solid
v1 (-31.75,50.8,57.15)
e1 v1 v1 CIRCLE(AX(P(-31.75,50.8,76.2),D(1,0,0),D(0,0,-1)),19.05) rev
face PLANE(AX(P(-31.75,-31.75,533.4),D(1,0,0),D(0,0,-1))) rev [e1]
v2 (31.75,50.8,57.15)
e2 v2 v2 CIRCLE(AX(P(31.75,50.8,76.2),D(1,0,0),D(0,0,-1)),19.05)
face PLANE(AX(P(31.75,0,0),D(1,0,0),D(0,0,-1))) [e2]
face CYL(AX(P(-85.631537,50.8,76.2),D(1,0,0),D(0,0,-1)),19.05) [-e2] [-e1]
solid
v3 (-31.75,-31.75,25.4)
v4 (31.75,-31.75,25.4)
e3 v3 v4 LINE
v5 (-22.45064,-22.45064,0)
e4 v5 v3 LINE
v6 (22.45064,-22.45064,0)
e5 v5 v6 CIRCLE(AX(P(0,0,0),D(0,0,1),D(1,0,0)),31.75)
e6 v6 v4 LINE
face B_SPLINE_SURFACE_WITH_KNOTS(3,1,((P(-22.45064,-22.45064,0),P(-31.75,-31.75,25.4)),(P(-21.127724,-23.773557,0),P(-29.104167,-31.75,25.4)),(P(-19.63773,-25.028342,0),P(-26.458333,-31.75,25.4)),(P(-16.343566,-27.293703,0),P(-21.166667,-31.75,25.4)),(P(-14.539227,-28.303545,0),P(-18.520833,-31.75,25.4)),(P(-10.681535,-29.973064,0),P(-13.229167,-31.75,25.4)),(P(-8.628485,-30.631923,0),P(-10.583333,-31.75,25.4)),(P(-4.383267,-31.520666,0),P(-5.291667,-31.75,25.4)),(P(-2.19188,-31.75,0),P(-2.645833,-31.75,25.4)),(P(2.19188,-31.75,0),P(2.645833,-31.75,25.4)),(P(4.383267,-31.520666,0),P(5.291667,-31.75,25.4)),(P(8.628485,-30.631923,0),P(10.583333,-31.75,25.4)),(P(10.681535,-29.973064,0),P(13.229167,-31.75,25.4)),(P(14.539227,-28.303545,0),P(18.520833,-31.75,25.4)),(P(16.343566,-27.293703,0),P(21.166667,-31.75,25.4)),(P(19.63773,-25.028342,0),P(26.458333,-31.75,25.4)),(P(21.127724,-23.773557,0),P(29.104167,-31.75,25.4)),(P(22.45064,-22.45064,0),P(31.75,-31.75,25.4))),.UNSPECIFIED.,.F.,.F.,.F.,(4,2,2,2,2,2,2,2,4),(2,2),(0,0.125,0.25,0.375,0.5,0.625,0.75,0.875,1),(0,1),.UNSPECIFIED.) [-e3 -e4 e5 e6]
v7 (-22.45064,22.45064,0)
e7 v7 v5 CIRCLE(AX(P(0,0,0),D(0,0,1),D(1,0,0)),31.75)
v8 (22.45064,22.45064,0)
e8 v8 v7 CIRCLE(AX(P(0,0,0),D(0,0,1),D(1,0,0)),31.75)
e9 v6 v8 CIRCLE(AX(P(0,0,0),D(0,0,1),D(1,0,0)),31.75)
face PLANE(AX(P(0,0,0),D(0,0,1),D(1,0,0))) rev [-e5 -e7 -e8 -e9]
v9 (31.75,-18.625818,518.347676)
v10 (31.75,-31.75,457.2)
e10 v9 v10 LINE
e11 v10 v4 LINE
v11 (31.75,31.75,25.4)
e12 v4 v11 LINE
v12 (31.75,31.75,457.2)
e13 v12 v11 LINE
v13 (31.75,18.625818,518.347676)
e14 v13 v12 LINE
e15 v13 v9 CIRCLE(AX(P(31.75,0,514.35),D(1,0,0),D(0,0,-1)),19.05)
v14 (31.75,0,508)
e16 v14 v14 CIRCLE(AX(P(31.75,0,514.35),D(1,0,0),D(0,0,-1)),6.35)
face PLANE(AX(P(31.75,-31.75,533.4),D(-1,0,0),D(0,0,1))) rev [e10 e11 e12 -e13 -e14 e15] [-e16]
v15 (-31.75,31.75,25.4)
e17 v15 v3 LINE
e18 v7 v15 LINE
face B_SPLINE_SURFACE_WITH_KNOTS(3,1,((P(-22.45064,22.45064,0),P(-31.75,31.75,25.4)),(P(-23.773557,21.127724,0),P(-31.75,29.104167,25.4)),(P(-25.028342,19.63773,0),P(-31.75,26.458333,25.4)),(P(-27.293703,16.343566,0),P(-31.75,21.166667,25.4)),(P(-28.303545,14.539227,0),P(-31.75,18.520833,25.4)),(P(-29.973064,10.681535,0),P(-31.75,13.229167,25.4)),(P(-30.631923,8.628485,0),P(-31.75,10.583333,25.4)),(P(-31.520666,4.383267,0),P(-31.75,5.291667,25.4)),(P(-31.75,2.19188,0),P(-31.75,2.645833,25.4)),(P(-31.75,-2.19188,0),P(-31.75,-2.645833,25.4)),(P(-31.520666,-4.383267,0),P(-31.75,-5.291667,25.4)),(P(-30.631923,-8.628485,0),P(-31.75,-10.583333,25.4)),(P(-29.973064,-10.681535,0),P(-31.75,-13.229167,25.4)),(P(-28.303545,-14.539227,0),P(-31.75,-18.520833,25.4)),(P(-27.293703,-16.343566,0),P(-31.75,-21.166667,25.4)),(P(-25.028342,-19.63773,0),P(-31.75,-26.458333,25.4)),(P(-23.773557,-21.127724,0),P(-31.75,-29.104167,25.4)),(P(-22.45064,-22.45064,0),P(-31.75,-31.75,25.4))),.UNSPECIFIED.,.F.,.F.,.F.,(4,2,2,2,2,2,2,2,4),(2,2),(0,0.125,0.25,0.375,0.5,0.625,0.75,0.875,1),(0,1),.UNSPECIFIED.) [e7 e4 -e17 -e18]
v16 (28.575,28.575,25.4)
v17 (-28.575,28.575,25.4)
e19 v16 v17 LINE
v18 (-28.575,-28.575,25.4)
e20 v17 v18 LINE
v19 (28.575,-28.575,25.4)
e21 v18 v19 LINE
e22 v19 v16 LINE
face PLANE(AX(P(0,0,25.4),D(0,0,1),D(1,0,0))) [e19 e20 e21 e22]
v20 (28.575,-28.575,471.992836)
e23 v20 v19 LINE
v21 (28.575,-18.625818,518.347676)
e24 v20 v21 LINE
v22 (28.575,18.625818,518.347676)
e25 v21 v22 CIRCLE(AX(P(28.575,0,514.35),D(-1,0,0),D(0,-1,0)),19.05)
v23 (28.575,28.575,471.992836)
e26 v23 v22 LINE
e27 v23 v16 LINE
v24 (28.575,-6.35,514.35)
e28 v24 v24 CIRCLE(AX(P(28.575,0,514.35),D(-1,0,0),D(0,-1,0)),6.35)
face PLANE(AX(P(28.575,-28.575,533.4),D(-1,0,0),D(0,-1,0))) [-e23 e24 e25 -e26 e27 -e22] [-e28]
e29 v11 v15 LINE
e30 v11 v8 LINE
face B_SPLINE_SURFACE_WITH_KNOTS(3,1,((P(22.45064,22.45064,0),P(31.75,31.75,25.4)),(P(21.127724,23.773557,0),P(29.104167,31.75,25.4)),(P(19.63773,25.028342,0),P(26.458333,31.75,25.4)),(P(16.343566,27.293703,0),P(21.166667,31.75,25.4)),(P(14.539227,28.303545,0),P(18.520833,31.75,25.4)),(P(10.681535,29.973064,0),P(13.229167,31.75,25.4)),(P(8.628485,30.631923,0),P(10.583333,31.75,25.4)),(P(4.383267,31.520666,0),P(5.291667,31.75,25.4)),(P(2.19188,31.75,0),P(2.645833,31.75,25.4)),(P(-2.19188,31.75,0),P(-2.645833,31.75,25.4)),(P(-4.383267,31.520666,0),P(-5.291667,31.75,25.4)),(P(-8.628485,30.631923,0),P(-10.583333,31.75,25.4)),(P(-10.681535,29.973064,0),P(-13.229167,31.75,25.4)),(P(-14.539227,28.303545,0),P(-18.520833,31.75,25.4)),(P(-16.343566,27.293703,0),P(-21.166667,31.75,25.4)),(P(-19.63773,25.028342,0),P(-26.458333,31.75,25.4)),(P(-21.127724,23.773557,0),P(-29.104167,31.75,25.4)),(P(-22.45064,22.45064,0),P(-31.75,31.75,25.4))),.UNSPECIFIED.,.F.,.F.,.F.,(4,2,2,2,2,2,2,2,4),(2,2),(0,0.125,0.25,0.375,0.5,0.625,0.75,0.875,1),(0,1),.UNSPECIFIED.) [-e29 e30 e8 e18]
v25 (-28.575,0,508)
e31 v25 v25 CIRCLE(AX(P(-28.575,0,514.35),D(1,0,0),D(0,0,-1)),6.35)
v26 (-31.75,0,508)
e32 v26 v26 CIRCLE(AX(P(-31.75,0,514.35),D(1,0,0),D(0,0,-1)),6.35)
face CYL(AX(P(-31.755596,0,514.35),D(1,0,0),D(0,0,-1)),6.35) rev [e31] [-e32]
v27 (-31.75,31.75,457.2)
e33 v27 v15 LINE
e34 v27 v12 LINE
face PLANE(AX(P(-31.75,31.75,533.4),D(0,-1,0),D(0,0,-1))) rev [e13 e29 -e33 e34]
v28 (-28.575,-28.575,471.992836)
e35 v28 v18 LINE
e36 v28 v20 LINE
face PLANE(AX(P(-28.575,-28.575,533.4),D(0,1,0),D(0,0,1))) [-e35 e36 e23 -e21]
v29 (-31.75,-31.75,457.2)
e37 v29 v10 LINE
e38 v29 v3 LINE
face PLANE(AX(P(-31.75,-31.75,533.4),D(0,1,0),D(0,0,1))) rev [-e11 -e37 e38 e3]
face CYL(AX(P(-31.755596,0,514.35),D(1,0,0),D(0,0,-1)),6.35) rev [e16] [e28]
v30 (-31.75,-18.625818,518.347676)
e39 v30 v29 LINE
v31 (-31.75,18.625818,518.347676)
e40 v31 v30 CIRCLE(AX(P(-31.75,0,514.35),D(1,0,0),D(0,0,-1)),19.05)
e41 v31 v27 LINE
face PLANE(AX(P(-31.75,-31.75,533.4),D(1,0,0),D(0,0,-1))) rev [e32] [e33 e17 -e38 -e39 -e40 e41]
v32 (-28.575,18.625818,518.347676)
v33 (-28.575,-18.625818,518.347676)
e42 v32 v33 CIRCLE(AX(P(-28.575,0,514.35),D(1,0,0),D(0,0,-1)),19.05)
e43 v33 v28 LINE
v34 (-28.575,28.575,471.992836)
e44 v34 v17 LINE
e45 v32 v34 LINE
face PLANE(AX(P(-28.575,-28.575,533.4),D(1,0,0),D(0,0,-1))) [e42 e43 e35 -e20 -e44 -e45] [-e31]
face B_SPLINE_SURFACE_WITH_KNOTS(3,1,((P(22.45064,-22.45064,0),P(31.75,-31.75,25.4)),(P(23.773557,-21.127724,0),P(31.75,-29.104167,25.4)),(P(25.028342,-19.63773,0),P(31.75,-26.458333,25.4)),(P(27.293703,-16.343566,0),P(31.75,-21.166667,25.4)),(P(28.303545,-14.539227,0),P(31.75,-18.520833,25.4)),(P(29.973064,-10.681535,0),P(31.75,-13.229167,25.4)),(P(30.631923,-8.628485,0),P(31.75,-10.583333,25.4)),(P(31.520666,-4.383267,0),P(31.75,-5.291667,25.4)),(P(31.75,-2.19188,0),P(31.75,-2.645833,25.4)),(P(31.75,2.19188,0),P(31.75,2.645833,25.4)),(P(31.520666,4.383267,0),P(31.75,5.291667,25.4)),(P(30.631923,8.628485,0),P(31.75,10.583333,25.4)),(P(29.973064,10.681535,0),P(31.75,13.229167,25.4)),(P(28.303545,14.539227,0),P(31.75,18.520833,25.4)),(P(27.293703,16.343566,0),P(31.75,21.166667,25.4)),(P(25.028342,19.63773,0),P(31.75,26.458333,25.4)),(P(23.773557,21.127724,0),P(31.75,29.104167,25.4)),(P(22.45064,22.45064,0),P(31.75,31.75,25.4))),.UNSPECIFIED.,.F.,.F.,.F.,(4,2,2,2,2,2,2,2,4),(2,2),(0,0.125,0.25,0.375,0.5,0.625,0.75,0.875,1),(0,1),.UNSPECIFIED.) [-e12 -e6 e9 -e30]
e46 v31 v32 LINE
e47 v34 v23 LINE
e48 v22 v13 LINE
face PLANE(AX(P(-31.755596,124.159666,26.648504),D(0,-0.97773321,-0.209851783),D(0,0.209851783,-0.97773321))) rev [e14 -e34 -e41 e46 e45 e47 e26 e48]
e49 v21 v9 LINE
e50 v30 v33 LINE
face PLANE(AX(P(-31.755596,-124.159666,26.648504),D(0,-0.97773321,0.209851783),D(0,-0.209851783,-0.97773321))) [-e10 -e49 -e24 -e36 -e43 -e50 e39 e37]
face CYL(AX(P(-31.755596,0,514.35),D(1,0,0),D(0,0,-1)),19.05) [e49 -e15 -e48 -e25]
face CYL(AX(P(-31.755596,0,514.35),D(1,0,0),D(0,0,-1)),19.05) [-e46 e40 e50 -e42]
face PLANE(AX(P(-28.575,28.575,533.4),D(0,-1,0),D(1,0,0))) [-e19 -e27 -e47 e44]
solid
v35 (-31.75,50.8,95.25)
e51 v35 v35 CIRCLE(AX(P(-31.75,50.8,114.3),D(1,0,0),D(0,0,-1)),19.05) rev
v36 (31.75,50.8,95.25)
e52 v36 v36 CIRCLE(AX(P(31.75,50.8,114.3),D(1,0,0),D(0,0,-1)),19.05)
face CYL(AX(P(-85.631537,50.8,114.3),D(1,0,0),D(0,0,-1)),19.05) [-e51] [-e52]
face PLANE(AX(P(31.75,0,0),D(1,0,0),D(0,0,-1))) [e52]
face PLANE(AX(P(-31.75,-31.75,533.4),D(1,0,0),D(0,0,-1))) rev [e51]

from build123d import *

# Parameters (mm, degrees)
BOSS_EXTRUDE1_START   = 25.4
SKETCH1_W             = 63.5
SKETCH1_H             = 63.5
SKETCH1_W_2           = 57.15
SKETCH1_H_2           = 57.15
BOSS_EXTRUDE1_DEPTH   = 508
SKETCH3_W             = 63.5
SKETCH3_H             = 63.5
SKETCH4_R             = 6.35
CUT_EXTRUDE1_DEPTH    = 539.103960698
SKETCH5_R             = 19.05
BOSS_EXTRUDE2_DEPTH   = 63.5
BOSS_EXTRUDE2_2_DEPTH = 63.5


with BuildPart() as part:
    # Sketch1 → Boss-Extrude1 (new body)
    with BuildSketch(Plane.XY.offset(BOSS_EXTRUDE1_START)):
        Rectangle(SKETCH1_W, SKETCH1_H)
        Rectangle(SKETCH1_W_2, SKETCH1_H_2, mode=Mode.SUBTRACT)
    extrude(amount=BOSS_EXTRUDE1_DEPTH)

    # Sketch2 for Loft1 → Loft1 section 0
    with BuildSketch(Plane.XY):
        with BuildLine():
            # circular arc as an exact rational Bezier (weights 1, cos(half-angle), 1)
            Bezier((-22.450640303, 22.450640303), (-44.901280604, 0), (-22.450640303, -22.450640303), weights=[1, 0.707106781, 1])
            Bezier((-22.450640303, -22.450640303), (0, -44.901280604), (22.450640303, -22.450640303), weights=[1, 0.707106781, 1])
            Bezier((22.450640303, -22.450640303), (44.901280604, 0), (22.450640303, 22.450640303), weights=[1, 0.707106781, 1])
            Bezier((22.450640303, 22.450640303), (0, 44.901280604), (-22.450640303, 22.450640303), weights=[1, 0.707106781, 1])
        make_face()
    # Sketch3 → Loft1 section 1
    with BuildSketch(Plane(origin=(0, 0, 25.4), x_dir=(-1, 0, 0), z_dir=(0, 0, -1))):
        Rectangle(SKETCH3_W, SKETCH3_H)
    loft()

    # Sketch4 → Cut-Extrude1 (cut, through all)
    with BuildSketch(Plane(origin=(31.75, 0, 0), x_dir=(0, 0, -1), z_dir=(1, 0, 0))):
        with BuildLine():
            ThreePointArc((-518.347676468, -18.625817643), (-529.166515054, -11.973862436), (-533.4, 0))
            Line((-533.4, 0), (-533.4, -31.75))
            Line((-533.4, -31.75), (-457.2, -31.75))
            Line((-457.2, -31.75), (-518.347676468, -18.625817643))
        make_face()
        with BuildLine():
            ThreePointArc((-533.4, 0), (-529.166515054, 11.973862436), (-518.347676468, 18.625817643))
            Line((-518.347676468, 18.625817643), (-457.2, 31.75))
            Line((-457.2, 31.75), (-533.4, 31.75))
            Line((-533.4, 31.75), (-533.4, 0))
        make_face()
        with Locations((-514.35, 0)):
            Circle(SKETCH4_R)
    extrude(amount=-CUT_EXTRUDE1_DEPTH, mode=Mode.SUBTRACT)


with BuildPart() as body_2:
    # Sketch5 → Boss-Extrude2 (new body)
    with BuildSketch(Plane(origin=(31.75, 0, 0), x_dir=(0, 0, -1), z_dir=(1, 0, 0))):
        with Locations((-76.2, 50.8)):
            Circle(SKETCH5_R)
    extrude(amount=-BOSS_EXTRUDE2_DEPTH)


with BuildPart() as body_3:
    # Sketch5 → Boss-Extrude2 2 (new body)
    with BuildSketch(Plane(origin=(31.75, 0, 0), x_dir=(0, 0, -1), z_dir=(1, 0, 0))):
        with Locations((-114.3, 50.8)):
            Circle(SKETCH5_R)
    extrude(amount=-BOSS_EXTRUDE2_2_DEPTH)


solid = Compound([part.part, body_2.part, body_3.part])
